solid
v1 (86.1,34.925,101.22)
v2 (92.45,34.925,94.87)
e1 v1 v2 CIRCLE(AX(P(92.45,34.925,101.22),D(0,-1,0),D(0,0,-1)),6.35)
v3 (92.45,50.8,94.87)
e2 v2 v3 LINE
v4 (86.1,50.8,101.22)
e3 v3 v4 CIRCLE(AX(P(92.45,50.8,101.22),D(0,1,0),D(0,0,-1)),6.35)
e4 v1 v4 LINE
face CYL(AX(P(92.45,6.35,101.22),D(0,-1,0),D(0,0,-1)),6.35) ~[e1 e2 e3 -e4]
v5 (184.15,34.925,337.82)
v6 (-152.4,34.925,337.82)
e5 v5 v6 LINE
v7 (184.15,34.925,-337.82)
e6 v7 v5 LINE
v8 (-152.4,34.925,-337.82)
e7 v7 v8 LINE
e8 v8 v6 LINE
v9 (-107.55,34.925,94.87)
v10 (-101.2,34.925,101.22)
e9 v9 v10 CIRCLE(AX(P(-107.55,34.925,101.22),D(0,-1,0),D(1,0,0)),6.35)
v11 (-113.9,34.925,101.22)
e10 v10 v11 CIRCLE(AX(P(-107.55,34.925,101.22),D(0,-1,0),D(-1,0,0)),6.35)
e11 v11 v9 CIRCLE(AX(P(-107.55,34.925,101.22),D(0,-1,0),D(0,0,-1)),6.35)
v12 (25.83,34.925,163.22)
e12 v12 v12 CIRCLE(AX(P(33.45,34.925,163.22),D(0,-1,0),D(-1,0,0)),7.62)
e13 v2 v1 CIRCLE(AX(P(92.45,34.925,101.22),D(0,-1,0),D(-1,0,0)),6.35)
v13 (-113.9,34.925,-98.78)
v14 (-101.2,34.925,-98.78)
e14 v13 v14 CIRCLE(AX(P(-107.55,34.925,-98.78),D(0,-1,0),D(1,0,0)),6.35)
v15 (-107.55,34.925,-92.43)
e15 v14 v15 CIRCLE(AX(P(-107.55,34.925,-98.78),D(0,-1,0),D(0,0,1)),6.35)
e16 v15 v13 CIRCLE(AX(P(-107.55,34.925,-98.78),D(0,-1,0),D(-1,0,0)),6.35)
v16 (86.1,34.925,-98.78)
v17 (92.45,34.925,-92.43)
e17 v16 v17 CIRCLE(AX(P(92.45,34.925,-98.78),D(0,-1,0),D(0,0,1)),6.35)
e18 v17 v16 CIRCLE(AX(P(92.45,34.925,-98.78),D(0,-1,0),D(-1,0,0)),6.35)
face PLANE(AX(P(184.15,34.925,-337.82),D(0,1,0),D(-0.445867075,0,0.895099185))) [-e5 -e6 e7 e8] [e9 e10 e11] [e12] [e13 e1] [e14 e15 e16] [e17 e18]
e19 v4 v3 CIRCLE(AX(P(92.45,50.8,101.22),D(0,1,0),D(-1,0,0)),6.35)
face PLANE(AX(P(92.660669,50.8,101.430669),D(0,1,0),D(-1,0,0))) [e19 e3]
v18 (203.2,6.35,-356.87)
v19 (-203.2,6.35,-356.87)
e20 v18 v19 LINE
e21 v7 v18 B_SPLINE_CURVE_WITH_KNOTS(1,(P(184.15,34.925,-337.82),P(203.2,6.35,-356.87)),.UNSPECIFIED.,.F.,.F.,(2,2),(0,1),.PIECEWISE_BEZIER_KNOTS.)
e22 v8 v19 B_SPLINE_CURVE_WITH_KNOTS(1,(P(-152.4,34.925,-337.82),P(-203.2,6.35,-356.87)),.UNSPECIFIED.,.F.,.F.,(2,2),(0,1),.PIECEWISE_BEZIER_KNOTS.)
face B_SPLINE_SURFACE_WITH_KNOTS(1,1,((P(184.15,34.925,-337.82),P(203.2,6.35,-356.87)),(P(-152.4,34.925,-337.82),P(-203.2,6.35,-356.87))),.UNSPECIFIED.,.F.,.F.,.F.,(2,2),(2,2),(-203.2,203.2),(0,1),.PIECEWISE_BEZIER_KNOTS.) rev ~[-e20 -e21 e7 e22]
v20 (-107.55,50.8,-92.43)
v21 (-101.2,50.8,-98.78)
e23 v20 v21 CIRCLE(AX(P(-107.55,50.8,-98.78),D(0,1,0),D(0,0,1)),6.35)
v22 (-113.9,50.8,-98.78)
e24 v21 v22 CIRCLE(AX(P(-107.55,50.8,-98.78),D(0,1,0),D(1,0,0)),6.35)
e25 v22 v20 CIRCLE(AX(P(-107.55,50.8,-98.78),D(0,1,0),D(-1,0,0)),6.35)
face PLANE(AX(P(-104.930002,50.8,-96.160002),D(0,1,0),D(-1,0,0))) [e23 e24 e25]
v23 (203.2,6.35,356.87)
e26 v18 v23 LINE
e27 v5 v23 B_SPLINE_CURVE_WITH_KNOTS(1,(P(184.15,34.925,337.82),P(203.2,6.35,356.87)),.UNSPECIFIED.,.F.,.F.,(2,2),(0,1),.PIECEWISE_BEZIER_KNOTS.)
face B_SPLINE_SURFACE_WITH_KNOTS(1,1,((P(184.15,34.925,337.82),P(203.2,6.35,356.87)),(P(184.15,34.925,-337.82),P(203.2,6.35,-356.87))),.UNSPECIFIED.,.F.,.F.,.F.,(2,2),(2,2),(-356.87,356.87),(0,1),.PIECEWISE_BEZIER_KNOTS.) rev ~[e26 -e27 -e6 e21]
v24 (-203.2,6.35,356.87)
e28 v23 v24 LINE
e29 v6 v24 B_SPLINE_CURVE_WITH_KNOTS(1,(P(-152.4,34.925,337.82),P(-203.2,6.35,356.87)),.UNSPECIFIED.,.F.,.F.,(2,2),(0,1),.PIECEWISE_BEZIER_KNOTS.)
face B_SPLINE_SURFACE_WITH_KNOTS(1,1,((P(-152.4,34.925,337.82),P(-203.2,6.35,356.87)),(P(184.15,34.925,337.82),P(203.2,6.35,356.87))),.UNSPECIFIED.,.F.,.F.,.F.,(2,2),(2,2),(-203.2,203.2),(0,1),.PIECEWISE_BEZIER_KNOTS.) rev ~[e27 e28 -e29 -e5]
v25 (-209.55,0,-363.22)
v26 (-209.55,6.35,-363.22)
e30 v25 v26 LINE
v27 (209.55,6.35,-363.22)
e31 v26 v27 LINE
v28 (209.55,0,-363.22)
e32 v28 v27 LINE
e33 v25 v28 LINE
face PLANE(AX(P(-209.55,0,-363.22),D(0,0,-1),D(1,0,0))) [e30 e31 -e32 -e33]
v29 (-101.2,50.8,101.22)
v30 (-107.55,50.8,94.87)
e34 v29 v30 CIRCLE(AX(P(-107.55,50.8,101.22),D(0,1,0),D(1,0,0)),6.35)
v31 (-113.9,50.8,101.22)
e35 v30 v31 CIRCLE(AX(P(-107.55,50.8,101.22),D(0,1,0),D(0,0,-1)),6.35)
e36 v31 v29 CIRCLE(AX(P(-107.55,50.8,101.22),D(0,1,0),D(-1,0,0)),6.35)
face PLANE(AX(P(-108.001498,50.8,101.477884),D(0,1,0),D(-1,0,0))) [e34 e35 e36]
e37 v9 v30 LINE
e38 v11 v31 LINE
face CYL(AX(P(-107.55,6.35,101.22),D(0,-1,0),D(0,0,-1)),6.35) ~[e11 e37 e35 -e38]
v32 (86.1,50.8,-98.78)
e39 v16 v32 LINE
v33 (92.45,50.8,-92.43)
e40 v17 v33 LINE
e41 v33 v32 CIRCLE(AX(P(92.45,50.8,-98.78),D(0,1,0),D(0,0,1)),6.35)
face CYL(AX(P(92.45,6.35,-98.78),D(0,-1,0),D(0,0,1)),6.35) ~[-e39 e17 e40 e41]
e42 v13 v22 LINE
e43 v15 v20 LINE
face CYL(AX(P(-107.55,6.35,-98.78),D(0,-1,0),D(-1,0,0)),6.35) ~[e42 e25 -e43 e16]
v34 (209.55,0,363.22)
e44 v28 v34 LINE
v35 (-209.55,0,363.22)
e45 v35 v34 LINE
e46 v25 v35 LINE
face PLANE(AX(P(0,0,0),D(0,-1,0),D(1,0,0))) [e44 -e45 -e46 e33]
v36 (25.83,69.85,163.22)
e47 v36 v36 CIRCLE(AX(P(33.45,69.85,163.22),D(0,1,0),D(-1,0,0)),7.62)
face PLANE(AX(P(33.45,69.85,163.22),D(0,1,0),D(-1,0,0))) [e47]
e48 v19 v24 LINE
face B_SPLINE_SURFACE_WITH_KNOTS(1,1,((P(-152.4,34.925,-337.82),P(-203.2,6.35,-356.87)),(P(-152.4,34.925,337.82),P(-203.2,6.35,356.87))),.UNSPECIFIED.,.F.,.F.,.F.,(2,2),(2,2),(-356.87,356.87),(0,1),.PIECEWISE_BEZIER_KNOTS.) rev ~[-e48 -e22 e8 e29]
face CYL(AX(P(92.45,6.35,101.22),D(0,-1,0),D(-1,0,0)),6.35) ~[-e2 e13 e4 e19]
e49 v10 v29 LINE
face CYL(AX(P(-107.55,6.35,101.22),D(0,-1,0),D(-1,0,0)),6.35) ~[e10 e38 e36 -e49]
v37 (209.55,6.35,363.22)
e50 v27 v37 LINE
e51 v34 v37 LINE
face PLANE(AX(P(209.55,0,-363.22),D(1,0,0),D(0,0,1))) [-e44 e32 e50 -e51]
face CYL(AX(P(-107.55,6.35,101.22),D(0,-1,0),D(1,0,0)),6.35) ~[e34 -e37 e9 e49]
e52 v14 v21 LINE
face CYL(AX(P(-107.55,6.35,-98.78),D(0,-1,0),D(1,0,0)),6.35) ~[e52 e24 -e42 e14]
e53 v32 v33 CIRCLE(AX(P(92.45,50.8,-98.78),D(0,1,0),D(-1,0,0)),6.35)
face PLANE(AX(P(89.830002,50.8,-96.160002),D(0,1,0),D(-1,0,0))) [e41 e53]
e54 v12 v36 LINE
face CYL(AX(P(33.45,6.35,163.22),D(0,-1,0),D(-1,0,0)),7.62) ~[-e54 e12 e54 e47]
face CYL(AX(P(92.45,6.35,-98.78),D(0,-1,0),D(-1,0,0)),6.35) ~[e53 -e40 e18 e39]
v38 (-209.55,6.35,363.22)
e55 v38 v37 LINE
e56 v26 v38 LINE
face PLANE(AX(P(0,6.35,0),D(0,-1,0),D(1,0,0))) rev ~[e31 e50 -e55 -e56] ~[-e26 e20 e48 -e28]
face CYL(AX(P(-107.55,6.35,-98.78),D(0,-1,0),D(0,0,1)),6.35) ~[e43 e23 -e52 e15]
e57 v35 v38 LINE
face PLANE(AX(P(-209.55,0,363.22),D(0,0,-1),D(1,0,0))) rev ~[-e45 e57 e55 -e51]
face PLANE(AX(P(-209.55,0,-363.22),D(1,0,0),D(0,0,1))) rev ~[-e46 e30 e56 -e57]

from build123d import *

# Parameters (mm, degrees)
F0_W      = 419.1
F0_H      = 726.44
F1_DEPTH  = 6.35
F4_DEPTH  = 44.45
F5_R      = 7.62
F6_DEPTH  = 63.5
F8_W      = 336.55
F8_H      = 675.64
F9_W      = 406.4
F9_H      = 713.74
F11_DEPTH = 28.575


with BuildPart() as f1:
    # F0 (on Front) → F1 (new body)
    with BuildSketch(Plane.XZ):
        Rectangle(F0_W, F0_H)
    extrude(amount=-F1_DEPTH)

    # F2 (on face) → F4 (join)
    with BuildSketch(Plane(origin=(0, 6.35, 0), x_dir=(-1, 0, 0), z_dir=(0, 1, 0))):
        with BuildLine():
            ThreePointArc((113.9, 101.22), (107.55, 107.57), (101.2, 101.22))
            Line((101.2, 101.22), (107.55, 101.22))
            Line((107.55, 101.22), (107.55, 94.87))
            ThreePointArc((107.55, 94.87), (112.0401280605, 96.7298719395), (113.9, 101.22))
        make_face()
        with BuildLine():
            Line((107.55, 101.22), (101.2, 101.22))
            ThreePointArc((101.2, 101.22), (103.0598719395, 96.7298719395), (107.55, 94.87))
            Line((107.55, 94.87), (107.55, 101.22))
        make_face()
        with BuildLine():
            Line((-92.45, 101.22), (-86.1, 101.22))
            ThreePointArc((-86.1, 101.22), (-96.9401280605, 105.7101280605), (-92.45, 94.87))
            Line((-92.45, 94.87), (-92.45, 101.22))
        make_face()
        with BuildLine():
            ThreePointArc((-92.45, 94.87), (-87.9598719395, 96.7298719395), (-86.1, 101.22))
            Line((-86.1, 101.22), (-92.45, 101.22))
            Line((-92.45, 101.22), (-92.45, 94.87))
        make_face()
        with BuildLine():
            Line((107.55, -98.78), (107.55, -92.43))
            ThreePointArc((107.55, -92.43), (103.0598719395, -94.2898719395), (101.2, -98.78))
            Line((101.2, -98.78), (107.55, -98.78))
        make_face()
        with BuildLine():
            ThreePointArc((113.9, -98.78), (112.0401280605, -94.2898719395), (107.55, -92.43))
            Line((107.55, -92.43), (107.55, -98.78))
            Line((107.55, -98.78), (101.2, -98.78))
            ThreePointArc((101.2, -98.78), (107.55, -105.13), (113.9, -98.78))
        make_face()
        with BuildLine():
            ThreePointArc((-86.1, -98.78), (-87.9598719395, -94.2898719395), (-92.45, -92.43))
            Line((-92.45, -92.43), (-92.45, -98.78))
            Line((-92.45, -98.78), (-86.1, -98.78))
        make_face()
        with BuildLine():
            Line((-92.45, -98.78), (-92.45, -92.43))
            ThreePointArc((-92.45, -92.43), (-96.9401280605, -103.2701280605), (-86.1, -98.78))
            Line((-86.1, -98.78), (-92.45, -98.78))
        make_face()
    extrude(amount=F4_DEPTH)

    # F5 (on face) → F6 (join)
    with BuildSketch(Plane(origin=(0, 6.35, 0), x_dir=(-1, 0, 0), z_dir=(0, 1, 0))):
        with Locations((-33.45, 163.22)):
            Circle(F5_R)
    extrude(amount=F6_DEPTH)

    # F8 (on offset) → F10 section 0
    with BuildSketch(Plane(origin=(0, 34.925, 0), x_dir=(-1, 0, 0), z_dir=(0, 1, 0))):
        with Locations((-15.875, 0)):
            Rectangle(F8_W, F8_H)
    # F9 (on face) → F10 section 1
    with BuildSketch(Plane(origin=(0, 6.35, 0), x_dir=(-1, 0, 0), z_dir=(0, 1, 0))):
        Rectangle(F9_W, F9_H)
    loft()

    # F8 (on offset) → F11 (join)
    with BuildSketch(Plane(origin=(0, 34.925, 0), x_dir=(-1, 0, 0), z_dir=(0, 1, 0))):
        with Locations((-15.875, 0)):
            Rectangle(F8_W, F8_H)
    extrude(amount=-F11_DEPTH)


solid = f1.part
